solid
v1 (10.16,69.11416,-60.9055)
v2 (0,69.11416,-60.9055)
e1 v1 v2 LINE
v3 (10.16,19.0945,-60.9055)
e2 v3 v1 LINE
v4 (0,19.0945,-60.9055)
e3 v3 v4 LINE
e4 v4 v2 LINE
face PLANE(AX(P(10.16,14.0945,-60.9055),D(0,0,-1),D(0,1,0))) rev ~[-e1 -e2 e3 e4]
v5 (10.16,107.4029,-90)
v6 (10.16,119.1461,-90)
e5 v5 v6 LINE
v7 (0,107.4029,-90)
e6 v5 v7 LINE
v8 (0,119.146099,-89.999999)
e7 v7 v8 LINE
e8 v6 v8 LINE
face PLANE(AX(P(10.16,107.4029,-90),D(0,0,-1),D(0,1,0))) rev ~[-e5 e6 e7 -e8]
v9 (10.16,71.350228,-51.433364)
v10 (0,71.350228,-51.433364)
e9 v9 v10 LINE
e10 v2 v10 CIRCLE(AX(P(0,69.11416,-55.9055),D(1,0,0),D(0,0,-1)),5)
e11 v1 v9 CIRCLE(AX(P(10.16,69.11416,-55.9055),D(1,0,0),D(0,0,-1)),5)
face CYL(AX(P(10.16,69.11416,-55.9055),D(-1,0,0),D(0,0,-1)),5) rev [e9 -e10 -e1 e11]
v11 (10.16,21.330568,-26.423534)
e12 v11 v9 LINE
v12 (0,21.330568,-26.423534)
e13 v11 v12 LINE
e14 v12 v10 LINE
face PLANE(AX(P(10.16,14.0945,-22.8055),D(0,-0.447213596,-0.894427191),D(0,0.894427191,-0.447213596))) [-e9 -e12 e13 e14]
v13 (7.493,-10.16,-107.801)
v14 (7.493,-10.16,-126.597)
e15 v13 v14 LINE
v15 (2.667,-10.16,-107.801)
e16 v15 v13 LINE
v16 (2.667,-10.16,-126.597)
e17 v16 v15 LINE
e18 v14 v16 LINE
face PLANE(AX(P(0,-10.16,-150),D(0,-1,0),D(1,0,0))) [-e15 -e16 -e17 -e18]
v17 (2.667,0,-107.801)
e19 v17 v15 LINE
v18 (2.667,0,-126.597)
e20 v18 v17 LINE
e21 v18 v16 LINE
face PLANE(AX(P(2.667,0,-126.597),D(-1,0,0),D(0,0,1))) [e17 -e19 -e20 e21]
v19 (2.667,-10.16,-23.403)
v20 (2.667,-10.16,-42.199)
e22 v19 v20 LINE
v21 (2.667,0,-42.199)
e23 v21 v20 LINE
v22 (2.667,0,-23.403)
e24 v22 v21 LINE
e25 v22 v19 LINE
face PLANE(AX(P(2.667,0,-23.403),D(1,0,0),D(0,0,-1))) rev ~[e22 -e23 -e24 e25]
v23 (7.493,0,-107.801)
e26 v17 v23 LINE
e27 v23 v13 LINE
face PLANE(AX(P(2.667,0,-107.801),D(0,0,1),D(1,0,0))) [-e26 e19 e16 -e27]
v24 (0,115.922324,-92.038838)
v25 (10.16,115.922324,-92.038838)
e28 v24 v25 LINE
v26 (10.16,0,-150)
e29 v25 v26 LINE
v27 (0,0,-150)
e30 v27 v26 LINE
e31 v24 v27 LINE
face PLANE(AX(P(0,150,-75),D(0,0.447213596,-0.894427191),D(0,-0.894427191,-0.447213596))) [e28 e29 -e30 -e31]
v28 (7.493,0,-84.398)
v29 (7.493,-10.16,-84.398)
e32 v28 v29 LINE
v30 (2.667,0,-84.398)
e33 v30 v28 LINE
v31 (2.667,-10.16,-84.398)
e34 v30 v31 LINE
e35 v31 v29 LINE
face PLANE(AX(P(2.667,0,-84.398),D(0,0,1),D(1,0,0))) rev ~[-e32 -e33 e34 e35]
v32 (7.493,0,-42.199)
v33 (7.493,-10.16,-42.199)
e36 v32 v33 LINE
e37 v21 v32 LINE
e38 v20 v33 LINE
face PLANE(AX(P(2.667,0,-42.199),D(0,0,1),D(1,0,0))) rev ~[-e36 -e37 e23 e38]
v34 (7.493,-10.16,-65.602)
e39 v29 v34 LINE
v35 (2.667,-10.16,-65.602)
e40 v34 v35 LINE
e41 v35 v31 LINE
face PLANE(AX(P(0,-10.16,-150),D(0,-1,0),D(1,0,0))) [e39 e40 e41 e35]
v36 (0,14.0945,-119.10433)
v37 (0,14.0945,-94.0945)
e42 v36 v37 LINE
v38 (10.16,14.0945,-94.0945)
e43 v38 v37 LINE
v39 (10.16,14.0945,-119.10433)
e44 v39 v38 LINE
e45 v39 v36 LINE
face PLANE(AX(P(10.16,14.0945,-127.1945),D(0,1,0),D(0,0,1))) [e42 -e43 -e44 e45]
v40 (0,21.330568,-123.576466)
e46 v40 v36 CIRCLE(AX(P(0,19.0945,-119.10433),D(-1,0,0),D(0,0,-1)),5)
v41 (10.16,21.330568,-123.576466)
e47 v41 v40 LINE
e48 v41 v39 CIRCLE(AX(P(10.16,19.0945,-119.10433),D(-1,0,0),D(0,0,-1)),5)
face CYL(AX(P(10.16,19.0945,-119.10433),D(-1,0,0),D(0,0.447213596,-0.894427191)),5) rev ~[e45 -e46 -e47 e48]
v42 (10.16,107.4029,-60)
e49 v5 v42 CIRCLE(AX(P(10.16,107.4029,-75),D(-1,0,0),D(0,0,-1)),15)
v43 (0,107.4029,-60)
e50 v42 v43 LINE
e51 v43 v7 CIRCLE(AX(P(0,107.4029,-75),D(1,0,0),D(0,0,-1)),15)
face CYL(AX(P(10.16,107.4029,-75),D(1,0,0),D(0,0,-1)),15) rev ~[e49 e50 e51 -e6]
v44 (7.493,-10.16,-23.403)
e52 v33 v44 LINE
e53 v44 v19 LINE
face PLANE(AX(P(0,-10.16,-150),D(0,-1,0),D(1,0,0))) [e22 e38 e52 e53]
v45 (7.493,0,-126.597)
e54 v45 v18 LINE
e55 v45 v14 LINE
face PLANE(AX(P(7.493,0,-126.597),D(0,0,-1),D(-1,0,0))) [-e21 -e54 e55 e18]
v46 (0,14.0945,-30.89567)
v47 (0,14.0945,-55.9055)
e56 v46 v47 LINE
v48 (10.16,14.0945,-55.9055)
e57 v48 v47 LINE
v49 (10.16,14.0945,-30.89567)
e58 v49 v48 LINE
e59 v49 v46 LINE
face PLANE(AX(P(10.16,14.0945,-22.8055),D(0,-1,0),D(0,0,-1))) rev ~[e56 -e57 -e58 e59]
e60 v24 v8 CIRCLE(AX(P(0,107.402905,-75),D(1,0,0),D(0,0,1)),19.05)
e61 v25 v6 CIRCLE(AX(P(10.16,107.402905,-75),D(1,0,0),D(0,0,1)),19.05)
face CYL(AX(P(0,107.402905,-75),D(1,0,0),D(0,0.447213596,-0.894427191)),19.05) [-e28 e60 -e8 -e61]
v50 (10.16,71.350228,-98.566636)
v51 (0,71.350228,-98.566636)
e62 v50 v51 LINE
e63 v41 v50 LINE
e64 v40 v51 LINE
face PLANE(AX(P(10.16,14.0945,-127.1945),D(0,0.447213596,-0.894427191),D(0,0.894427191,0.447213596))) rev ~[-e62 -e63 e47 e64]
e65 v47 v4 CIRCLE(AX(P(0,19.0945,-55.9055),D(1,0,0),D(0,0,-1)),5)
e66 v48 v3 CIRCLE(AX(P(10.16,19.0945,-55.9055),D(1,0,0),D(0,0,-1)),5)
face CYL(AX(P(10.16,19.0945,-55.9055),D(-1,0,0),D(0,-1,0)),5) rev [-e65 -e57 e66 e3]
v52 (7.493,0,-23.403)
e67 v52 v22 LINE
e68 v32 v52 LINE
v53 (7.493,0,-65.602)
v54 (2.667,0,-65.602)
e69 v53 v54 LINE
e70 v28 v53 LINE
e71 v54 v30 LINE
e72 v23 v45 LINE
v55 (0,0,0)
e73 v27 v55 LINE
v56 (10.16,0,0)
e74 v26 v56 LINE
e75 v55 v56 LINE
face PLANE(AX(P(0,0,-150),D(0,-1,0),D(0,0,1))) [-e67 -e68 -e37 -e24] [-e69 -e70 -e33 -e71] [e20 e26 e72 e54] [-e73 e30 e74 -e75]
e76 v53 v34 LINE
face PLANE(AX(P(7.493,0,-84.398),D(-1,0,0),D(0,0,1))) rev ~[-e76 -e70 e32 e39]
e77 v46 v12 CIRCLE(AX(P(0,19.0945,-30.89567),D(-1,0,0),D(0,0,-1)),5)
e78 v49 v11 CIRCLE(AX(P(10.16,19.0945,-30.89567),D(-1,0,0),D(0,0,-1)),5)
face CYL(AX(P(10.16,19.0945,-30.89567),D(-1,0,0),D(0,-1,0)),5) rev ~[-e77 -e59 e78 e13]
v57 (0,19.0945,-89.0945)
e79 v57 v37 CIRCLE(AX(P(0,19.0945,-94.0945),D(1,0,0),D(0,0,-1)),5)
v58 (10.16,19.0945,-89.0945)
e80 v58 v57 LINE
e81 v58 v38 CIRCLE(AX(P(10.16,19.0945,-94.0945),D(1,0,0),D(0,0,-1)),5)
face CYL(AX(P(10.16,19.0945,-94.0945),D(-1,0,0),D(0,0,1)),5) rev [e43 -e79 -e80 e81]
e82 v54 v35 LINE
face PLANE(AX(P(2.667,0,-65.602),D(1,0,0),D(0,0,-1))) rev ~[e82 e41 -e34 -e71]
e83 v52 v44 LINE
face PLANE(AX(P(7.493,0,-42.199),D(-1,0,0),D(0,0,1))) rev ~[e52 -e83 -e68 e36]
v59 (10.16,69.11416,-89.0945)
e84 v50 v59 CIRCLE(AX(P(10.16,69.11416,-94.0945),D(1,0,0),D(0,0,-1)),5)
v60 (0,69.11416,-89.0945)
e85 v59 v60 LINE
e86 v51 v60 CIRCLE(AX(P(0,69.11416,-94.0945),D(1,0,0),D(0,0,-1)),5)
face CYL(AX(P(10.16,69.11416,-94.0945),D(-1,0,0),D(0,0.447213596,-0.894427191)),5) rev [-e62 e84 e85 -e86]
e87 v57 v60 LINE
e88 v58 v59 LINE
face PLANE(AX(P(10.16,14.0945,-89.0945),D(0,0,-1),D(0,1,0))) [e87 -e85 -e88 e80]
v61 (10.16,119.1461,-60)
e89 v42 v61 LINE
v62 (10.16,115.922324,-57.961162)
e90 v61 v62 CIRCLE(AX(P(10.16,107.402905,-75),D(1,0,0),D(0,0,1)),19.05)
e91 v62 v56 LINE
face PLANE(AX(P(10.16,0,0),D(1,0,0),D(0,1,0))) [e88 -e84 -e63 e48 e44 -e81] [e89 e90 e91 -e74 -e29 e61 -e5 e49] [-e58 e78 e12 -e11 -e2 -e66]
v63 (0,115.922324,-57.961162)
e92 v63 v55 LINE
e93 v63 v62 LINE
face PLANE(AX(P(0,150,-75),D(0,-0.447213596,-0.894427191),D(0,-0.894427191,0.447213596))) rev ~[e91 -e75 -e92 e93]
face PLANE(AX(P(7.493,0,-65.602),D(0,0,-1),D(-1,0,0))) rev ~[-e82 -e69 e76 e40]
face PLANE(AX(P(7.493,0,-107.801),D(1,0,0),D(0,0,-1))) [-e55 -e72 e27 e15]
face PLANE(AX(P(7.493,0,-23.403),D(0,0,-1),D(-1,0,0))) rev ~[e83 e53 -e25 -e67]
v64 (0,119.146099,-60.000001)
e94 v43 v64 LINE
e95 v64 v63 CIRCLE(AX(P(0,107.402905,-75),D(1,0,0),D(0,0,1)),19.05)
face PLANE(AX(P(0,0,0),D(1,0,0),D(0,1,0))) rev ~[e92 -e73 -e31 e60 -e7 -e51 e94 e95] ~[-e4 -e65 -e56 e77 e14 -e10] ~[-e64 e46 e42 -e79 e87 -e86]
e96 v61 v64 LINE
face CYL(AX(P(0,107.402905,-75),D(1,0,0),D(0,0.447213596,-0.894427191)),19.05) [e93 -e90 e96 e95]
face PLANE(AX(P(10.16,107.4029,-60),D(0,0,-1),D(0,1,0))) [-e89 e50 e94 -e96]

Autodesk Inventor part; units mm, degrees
ref_plane "YZ Plane" through (0, 0, 0) normal (1, 0, 0) x (0, 1, 0)
ref_plane "XZ Plane" through (0, 0, 0) normal (0, 1, 0) x (-1, 0, 0)
ref_plane "XY Plane" through (0, 0, 0) normal (0, 0, 1) x (1, 0, 0)
sketch "Sketch1" plane through (0, 0, 0) normal (1, 0, 0) x (0, 1, 0)
  line L0 (150, -75) -> (0, 0)
  line L1 (150, -75) -> (0, -150)
  line L2 (0, -150) -> (0, 0)
  dimension "d0" = 150
  dimension "d1" = 75
extrude "Extrusion1" add sketch "Sketch1" along normal blind 10.16
sketch "Sketch2" plane through (10.16, 0, 0) normal (1, 0, 0) x (0, 0, -1)
  point P0 (0, 0)
fillet "Fillet1" radius 19.05 1 edges at (5.08, 150, -75)
sketch "Sketch3" plane through (10.16, 0, 0) normal (1, 0, 0) x (0, 0, -1)
  arc A0 (92.0388, 115.9223) -> (57.9612, 115.9223) centre (75, 107.4029) ccw projected
  circle A1 centre (75, 107.4029) radius 15
  circle A2 centre (75, 107.4029) radius 10
  line L0 (75, 122.4029) -> (75, 117.4029)
  line L1 (75, 97.4029) -> (75, 92.4029)
  line L2 (85.6066, 118.0095) -> (82.0711, 114.474)
  line L3 (67.9289, 100.3318) -> (64.3934, 96.7963)
  point P0 (0, 0)
  dimension "d5" = 30
  dimension "d34" = 20
  dimension "d35" = 45
  dimension "d36" = 45
sketch "Sketch4" plane through (10.16, 0, 0) normal (1, 0, 0) x (0, 0, -1)
  line L0 (22.8055, 14.0945) -> (60.9055, 90.2945)
  line L1 (57.9612, 115.9223) -> (0, 0) projected
  line L2 (22.8055, 14.0945) -> (60.9055, 14.0945)
  line L3 (60.9055, 14.0945) -> (60.9055, 90.2945)
  line L4 (0, 0) -> (150, 0) construction
  line L5 (0, 0) -> (150, 0) construction
  arc A0 (92.0388, 115.9223) -> (57.9612, 115.9223) centre (75, 107.4029) ccw construction
  line L6 (75, 126.4529) -> (75, 0) construction
  line L7 (127.1945, 14.0945) -> (89.0945, 90.2945)
  line L8 (127.1945, 14.0945) -> (89.0945, 14.0945)
  line L9 (89.0945, 14.0945) -> (89.0945, 90.2945)
  dimension "d8" = 76.2
  dimension "d11" = 14.0945
  dimension "d12" = 14.0945
  dimension "d13" = 14.0945
extrude "Extrusion3" cut sketch "Sketch4" against normal through all
fillet "Fillet2" radius 5 1 edges at (5.08, 14.0945, -127.1945)
fillet "Fillet3" radius 5 2 edges at (5.08, 14.0945, -89.0945) (5.08, 90.2945, -89.0945)
fillet "Fillet4" radius 5 3 edges at (5.08, 14.0945, -60.9055) (5.08, 90.2945, -60.9055) (5.08, 14.0945, -22.8055)
sketch "Sketch6" plane through (0, 0, -150) normal (0, -1, 0) x (1, 0, 0)
  line L0 (10.16, 150) -> (10.16, 0) construction
  line L1 (10.16, 75) -> (0, 75) construction
  line L2 (0, 65) -> (0, 85) construction
  line L3 (7.493, 126.597) -> (2.667, 126.597)
  line L4 (2.667, 126.597) -> (2.667, 107.801)
  line L5 (2.667, 107.801) -> (7.493, 107.801)
  line L6 (7.493, 107.801) -> (7.493, 126.597)
  line L7 (0, 150) -> (0, 0) projected
  line L8 (0, 150) -> (10.16, 150) projected
  line L9 (7.493, 84.398) -> (2.667, 84.398)
  line L10 (2.667, 84.398) -> (2.667, 65.602)
  line L11 (2.667, 65.602) -> (7.493, 65.602)
  line L12 (7.493, 65.602) -> (7.493, 84.398)
  line L13 (7.493, 23.403) -> (2.667, 23.403)
  line L14 (2.667, 23.403) -> (2.667, 42.199)
  line L15 (2.667, 42.199) -> (7.493, 42.199)
  line L16 (7.493, 42.199) -> (7.493, 23.403)
  dimension "d22" = 4.826
  dimension "d23" = 2.667
  dimension "d24" = 2.667
  dimension "d25" = 18.796
  dimension "d26" = 23.403
  dimension "d27" = 18.796
  dimension "d29" = 4.826
  dimension "d30" = 2.667
  dimension "d31" = 2.667
  dimension "d41" = 23.403
extrude "Extrusion5" add sketch "Sketch6" along normal blind 10.16
extrude "Extrusion7" cut sketch "Sketch3" against normal through all
sketch "Sketch7" plane through (10.16, 0, 0) normal (1, 0, 0) x (0, 0, -1)
  circle A0 centre (75, 107.4029) radius 15 projected
  line L0 (60, 107.4029) -> (60, 119.1461)
  arc A1 (92.0388, 115.9223) -> (57.9612, 115.9223) centre (75, 107.4029) ccw projected
  line L1 (90, 107.4029) -> (90, 119.1461)
  arc A2 (90, 107.4029) -> (60, 107.4029) centre (75, 107.4029) ccw
  arc A3 (90, 119.1461) -> (60, 119.1461) centre (75, 107.4029) ccw
  point P0 (0, 0)
extrude "Extrusion8" cut sketch "Sketch7" against normal through all contours A0 L0 A1 L1
equation "\"d11\" = d13"
equation "\"d12\" = d11"
equation "\"d23\" = d24"
equation "\"d26\" = d41"
equation "\"d27\" = d25"
equation "\"d29\" = d22"
equation "\"d30\" = d23"
properties part number "spool holder arm side1" material "PLA"
